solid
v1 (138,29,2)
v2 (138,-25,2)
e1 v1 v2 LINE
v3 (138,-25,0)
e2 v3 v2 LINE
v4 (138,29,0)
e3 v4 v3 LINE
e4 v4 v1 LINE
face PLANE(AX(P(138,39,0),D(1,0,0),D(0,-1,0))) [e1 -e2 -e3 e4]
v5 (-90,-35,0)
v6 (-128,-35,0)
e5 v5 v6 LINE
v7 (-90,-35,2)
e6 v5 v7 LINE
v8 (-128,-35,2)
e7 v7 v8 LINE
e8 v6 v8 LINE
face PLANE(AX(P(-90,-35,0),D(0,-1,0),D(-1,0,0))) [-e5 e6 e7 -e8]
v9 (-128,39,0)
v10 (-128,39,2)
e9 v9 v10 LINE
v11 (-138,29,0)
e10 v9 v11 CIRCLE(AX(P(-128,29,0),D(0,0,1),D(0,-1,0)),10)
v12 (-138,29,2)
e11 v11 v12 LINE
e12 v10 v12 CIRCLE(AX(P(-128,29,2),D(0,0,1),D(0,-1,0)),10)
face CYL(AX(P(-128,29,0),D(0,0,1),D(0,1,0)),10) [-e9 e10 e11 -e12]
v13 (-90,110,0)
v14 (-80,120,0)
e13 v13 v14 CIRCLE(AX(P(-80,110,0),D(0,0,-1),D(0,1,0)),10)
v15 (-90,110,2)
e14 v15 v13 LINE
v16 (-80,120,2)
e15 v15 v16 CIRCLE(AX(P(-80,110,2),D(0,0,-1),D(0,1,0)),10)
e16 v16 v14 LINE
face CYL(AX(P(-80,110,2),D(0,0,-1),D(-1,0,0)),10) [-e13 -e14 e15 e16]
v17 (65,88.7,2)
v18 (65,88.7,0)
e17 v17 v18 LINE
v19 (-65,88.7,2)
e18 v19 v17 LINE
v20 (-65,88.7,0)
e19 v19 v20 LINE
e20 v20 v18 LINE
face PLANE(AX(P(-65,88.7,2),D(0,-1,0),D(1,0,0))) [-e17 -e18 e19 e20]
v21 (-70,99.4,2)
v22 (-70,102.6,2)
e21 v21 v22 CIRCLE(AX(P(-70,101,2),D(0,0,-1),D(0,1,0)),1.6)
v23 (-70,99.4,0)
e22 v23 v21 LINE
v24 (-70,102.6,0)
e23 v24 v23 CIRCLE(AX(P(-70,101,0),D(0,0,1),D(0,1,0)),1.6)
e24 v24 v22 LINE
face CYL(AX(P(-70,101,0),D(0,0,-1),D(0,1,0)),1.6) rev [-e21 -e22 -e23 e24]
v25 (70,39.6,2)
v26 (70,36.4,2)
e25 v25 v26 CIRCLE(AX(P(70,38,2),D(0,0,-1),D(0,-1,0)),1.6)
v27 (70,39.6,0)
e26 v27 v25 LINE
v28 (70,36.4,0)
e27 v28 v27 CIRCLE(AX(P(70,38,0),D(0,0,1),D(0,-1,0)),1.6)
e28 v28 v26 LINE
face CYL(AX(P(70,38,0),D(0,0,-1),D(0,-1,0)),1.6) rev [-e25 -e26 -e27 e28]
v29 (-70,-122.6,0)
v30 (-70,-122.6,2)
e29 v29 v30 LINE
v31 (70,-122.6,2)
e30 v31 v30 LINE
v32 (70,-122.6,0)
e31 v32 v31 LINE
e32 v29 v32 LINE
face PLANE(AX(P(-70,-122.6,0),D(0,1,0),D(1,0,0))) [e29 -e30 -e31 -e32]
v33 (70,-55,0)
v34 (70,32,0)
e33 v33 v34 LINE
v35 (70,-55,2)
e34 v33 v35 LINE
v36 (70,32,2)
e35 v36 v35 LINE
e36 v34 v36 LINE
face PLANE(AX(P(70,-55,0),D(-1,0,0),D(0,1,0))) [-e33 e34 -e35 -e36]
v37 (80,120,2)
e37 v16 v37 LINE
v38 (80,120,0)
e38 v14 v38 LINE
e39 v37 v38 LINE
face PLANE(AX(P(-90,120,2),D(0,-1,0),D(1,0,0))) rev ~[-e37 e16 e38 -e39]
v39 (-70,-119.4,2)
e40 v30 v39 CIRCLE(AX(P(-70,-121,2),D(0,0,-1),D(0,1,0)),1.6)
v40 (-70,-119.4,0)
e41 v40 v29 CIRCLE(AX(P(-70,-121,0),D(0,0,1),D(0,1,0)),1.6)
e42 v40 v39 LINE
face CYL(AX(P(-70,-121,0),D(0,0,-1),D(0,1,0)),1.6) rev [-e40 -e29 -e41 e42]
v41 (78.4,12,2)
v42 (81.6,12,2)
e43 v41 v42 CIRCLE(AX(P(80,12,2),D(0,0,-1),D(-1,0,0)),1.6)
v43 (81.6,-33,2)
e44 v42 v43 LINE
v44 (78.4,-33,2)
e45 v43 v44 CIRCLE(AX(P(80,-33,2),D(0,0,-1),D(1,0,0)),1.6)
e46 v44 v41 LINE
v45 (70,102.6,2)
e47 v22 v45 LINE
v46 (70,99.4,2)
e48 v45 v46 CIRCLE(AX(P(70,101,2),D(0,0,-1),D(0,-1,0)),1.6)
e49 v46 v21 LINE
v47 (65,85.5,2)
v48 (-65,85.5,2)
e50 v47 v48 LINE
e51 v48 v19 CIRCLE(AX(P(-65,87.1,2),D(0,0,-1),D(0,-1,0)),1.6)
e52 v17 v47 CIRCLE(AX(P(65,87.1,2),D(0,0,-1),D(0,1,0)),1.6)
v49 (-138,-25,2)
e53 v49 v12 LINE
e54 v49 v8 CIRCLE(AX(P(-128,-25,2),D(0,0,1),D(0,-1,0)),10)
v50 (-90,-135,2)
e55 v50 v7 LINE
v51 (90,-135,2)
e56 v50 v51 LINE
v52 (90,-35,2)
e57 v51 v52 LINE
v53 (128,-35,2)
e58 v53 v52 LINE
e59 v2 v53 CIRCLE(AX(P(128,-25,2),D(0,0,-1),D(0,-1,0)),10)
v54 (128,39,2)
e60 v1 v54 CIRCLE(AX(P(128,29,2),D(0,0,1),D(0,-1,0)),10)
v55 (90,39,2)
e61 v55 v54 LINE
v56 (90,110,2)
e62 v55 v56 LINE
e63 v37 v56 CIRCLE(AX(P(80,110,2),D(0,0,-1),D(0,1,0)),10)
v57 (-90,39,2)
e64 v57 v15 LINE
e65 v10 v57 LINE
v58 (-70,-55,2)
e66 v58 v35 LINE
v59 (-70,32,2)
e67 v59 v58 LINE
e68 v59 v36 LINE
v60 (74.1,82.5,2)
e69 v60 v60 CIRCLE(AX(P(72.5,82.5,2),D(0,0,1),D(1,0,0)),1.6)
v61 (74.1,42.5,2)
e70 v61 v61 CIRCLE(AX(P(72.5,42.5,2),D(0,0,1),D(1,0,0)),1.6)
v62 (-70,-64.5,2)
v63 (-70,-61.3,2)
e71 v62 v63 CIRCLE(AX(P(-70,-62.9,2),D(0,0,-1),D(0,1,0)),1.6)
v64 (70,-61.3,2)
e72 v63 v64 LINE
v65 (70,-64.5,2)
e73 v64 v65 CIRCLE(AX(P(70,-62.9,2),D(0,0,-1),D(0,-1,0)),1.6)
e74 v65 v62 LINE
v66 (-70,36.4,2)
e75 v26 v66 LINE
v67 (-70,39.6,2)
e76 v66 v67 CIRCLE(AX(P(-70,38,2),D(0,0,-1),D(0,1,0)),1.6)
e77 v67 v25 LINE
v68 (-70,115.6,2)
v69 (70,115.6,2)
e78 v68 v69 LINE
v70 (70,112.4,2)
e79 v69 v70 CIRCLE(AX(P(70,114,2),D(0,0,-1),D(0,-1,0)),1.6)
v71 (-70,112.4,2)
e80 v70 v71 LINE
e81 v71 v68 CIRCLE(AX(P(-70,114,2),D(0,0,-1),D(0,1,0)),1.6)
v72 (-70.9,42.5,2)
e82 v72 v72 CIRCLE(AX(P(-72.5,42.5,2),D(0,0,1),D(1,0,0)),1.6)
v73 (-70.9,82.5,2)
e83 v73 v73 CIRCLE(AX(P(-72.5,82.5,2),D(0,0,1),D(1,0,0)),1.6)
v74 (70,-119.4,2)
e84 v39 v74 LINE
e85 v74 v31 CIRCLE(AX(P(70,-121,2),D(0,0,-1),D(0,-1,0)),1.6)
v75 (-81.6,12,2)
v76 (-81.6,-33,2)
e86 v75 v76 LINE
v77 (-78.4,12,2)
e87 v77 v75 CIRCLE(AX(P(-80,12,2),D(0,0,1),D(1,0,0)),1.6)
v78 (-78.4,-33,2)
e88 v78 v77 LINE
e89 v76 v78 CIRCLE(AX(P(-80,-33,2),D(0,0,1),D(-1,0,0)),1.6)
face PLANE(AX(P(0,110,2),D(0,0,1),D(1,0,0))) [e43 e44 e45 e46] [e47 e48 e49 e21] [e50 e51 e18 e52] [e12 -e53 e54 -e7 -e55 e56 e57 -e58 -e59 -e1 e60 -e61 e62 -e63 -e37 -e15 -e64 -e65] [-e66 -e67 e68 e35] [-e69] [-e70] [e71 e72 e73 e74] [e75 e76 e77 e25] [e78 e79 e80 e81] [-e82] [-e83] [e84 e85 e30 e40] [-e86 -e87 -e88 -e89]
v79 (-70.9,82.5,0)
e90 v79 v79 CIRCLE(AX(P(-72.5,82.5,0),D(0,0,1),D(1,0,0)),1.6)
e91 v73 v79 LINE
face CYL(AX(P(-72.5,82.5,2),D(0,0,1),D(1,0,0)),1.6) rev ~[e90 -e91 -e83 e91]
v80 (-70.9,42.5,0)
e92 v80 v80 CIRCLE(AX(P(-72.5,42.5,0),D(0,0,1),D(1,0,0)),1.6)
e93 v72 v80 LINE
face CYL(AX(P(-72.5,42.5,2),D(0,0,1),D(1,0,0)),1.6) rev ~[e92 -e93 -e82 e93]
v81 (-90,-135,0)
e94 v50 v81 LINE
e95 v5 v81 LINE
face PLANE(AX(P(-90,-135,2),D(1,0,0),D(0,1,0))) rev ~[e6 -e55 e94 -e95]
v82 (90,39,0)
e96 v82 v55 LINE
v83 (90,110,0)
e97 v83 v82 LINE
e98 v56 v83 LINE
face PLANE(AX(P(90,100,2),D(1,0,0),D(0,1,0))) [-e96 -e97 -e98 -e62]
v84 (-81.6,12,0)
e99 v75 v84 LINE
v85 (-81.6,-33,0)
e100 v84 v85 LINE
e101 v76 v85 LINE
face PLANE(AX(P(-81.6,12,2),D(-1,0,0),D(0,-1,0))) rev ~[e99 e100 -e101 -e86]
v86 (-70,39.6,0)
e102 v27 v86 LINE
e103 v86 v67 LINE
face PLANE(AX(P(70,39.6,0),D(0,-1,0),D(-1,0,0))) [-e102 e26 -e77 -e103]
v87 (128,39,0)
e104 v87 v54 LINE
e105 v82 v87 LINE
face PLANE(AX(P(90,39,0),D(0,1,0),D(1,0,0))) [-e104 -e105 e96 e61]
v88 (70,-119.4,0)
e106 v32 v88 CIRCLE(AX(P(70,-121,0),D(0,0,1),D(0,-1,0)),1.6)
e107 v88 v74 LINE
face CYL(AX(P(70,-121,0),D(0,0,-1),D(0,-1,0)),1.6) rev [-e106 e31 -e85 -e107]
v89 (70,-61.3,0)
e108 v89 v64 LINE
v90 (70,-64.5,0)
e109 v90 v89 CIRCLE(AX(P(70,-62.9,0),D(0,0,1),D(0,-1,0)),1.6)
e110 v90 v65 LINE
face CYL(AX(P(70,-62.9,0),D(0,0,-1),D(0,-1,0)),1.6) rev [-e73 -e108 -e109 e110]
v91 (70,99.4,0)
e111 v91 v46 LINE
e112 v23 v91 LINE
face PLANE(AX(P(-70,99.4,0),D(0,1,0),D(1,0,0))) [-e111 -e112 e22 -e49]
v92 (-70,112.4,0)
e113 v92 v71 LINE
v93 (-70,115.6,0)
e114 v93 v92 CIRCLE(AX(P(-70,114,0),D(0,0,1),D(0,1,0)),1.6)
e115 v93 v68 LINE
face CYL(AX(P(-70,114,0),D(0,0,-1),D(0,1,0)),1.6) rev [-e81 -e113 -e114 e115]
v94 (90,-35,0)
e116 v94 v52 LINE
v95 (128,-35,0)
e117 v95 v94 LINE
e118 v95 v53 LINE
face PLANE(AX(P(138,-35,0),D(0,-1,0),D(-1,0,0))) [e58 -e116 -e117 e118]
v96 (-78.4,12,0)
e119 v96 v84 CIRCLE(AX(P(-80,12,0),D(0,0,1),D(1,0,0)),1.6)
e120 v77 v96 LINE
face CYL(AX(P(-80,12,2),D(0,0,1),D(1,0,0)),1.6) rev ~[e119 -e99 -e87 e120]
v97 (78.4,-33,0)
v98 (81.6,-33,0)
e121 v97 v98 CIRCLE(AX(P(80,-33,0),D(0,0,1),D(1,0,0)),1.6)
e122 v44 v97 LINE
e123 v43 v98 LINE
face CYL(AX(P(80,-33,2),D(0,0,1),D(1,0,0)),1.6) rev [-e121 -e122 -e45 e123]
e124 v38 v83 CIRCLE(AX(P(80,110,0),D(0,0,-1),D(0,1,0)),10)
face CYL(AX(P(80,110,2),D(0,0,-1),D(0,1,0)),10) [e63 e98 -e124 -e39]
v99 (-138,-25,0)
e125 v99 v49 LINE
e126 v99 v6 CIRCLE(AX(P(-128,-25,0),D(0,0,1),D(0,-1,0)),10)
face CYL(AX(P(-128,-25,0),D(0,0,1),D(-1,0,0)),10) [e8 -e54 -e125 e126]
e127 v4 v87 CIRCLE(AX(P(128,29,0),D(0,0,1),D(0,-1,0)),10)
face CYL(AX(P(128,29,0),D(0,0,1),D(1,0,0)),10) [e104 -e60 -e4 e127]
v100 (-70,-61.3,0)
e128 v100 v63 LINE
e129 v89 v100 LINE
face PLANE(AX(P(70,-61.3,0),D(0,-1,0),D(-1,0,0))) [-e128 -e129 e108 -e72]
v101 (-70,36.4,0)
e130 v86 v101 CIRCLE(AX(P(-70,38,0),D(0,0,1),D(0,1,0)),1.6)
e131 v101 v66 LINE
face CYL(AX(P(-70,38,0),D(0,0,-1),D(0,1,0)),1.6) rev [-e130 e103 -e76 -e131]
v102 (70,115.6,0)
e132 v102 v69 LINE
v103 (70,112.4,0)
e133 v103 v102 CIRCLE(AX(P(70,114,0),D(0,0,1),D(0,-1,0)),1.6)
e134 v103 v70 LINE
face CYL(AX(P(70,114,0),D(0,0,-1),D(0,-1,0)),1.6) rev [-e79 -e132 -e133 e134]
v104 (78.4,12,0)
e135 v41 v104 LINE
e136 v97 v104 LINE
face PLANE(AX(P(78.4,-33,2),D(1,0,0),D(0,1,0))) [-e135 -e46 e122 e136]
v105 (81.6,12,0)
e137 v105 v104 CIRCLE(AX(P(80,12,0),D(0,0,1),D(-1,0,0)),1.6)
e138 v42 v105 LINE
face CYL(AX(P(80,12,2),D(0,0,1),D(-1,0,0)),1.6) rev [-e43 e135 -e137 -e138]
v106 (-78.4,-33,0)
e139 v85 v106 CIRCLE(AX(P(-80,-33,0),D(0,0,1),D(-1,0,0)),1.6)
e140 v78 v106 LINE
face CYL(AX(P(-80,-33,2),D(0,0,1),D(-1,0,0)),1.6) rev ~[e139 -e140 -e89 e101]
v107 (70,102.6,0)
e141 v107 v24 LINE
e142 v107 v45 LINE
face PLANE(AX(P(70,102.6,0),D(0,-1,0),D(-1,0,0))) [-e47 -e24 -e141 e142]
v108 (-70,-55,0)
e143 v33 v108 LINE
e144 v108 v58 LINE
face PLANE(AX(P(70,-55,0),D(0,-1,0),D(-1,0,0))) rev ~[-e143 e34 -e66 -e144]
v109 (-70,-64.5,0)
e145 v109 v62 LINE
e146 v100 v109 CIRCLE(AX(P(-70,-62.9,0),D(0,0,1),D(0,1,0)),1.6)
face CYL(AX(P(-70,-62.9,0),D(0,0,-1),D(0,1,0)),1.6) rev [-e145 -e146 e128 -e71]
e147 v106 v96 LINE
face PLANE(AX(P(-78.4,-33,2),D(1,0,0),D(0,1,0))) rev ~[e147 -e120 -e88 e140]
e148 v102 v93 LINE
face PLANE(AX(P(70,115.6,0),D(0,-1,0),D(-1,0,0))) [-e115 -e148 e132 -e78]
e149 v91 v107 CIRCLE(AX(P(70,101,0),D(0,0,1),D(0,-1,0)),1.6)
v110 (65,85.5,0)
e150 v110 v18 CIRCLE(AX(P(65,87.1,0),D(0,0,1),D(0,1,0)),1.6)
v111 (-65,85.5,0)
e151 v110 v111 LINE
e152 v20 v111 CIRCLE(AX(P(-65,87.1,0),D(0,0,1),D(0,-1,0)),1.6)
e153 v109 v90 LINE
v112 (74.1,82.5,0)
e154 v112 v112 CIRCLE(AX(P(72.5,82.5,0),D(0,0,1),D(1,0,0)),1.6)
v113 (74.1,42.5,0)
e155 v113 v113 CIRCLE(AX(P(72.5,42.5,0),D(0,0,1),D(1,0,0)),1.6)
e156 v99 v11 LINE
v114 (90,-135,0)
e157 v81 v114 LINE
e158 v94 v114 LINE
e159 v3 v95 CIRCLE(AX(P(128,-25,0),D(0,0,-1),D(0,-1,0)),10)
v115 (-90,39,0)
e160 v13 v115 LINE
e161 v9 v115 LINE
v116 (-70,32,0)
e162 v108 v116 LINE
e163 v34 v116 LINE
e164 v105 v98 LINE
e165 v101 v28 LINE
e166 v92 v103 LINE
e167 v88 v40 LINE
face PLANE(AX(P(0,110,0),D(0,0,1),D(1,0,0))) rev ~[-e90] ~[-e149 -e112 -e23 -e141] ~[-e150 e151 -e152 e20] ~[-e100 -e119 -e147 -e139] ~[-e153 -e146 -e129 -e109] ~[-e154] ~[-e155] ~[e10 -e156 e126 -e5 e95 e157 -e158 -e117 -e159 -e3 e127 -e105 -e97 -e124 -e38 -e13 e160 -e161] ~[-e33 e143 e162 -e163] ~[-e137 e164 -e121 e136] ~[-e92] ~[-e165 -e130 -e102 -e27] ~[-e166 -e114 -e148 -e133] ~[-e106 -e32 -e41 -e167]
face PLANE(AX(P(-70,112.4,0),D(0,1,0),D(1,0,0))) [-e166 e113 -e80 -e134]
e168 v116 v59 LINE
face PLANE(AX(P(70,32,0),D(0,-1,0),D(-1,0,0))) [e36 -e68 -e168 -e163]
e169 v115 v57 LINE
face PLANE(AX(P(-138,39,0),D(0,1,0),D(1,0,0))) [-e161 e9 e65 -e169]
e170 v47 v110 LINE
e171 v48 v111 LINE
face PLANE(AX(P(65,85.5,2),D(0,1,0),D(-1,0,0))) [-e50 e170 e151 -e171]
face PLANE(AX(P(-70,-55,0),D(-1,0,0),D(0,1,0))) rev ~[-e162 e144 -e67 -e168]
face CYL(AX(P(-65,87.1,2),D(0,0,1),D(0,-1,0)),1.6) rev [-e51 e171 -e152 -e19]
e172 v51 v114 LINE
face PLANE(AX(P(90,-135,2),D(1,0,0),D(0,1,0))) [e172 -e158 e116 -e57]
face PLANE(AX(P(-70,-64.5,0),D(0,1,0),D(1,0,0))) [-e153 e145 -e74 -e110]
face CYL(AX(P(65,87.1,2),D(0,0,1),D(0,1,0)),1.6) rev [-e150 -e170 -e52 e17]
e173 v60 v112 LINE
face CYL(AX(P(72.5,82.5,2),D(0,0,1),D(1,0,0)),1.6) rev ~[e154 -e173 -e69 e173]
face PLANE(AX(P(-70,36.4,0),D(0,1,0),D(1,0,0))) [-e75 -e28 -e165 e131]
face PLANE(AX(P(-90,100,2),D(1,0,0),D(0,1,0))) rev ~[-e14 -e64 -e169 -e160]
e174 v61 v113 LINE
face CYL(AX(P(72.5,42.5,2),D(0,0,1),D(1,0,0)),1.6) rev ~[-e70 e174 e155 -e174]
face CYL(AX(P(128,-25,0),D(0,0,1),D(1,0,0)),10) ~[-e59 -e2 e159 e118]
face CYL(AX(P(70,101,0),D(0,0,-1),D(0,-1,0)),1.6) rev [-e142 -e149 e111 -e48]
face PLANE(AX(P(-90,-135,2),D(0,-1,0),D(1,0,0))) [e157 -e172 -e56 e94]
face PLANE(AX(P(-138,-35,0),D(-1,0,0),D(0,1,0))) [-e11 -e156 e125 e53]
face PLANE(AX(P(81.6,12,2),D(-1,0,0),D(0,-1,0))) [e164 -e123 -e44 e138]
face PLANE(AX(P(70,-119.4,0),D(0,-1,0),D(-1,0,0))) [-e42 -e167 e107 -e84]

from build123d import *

# Parameters (mm, degrees)
EXTRUDE_1_DEPTH     = 2
SKETCH_3_W          = 180
SKETCH_3_H          = 35
EXTRUDE_2_DEPTH     = 2
SKETCH_4_W          = 180
SKETCH_4_H          = 20
EXTRUDE_3_DEPTH     = 2
SKETCH_5_W          = 140
SKETCH_5_H          = 87
CUT_EXTRUDE_1_DEPTH = 194.062166154
FILLET_1_R          = 10
FILLET_2_R          = 10
FILLET_3_R          = 10
FILLET_4_R          = 10
CUT_EXTRUDE_2_DEPTH = 10
FILLET_5_R          = 10
FILLET_6_R          = 10
CUT_EXTRUDE_5_DEPTH = 10
CUT_EXTRUDE_6_DEPTH = 194.062166154
CUT_EXTRUDE_7_DEPTH = 194.062166154
SKETCH_13_R         = 1.6
CUT_EXTRUDE_8_DEPTH = 10


with BuildPart() as part:
    # 草图2 → 凸台-拉伸1 (new body)
    with BuildSketch(Plane.XY):
        Polygon((90, 100), (90, 39), (138, 39), (138, -35), (90, -35), (90, -100), (-90, -100), (-90, -35), (-138, -35), (-138, 39), (-90, 39), (-90, 100), align=None)
    extrude(amount=EXTRUDE_1_DEPTH)

    # 草图3 → 凸台-拉伸2 (add)
    with BuildSketch(Plane.XY.offset(2)):
        with Locations((0, -117.5)):
            Rectangle(SKETCH_3_W, SKETCH_3_H)
    extrude(amount=-EXTRUDE_2_DEPTH)

    # 草图4 → 凸台-拉伸3 (add)
    with BuildSketch(Plane.XY.offset(2)):
        with Locations((0, 110)):
            Rectangle(SKETCH_4_W, SKETCH_4_H)
    extrude(amount=-EXTRUDE_3_DEPTH)

    # 草图5 → 切除-拉伸1 (cut, through all)
    with BuildSketch(Plane(origin=(0, 0, 0), x_dir=(-1, 0, 0), z_dir=(0, 0, -1))):
        with Locations((0, -11.5)):
            Rectangle(SKETCH_5_W, SKETCH_5_H)
    extrude(amount=-CUT_EXTRUDE_1_DEPTH, mode=Mode.SUBTRACT)

    # 圆角1
    fillet_1_edges = [part.edges().sort_by_distance(p)[0] for p in [
        (138, -35, 1),
    ]]
    fillet(fillet_1_edges, radius=FILLET_1_R)

    # 圆角2
    fillet_2_edges = [part.edges().sort_by_distance(p)[0] for p in [
        (138, 39, 1),
    ]]
    fillet(fillet_2_edges, radius=FILLET_2_R)

    # 圆角3
    fillet_3_edges = [part.edges().sort_by_distance(p)[0] for p in [
        (-138, 39, 1),
    ]]
    fillet(fillet_3_edges, radius=FILLET_3_R)

    # 圆角4
    fillet_4_edges = [part.edges().sort_by_distance(p)[0] for p in [
        (-138, -35, 1),
    ]]
    fillet(fillet_4_edges, radius=FILLET_4_R)

    # 草图7 → 切除-拉伸2 (cut)
    with BuildSketch(Plane(origin=(0, 0, 0), x_dir=(-1, 0, 0), z_dir=(0, 0, -1))):
        with BuildLine():
            Line((-70, 115.6), (70, 115.6))
            ThreePointArc((70, 115.6), (71.6, 114), (70, 112.4))
            Line((70, 112.4), (-70, 112.4))
            ThreePointArc((-70, 112.4), (-71.6, 114), (-70, 115.6))
        make_face()
        with BuildLine():
            Line((-70, 102.6), (70, 102.6))
            ThreePointArc((70, 102.6), (71.6, 101), (70, 99.4))
            Line((70, 99.4), (-70, 99.4))
            ThreePointArc((-70, 99.4), (-71.6, 101), (-70, 102.6))
        make_face()
        with BuildLine():
            Line((-70, 39.6), (70, 39.6))
            ThreePointArc((70, 39.6), (71.6, 38), (70, 36.4))
            Line((70, 36.4), (-70, 36.4))
            ThreePointArc((-70, 36.4), (-71.6, 38), (-70, 39.6))
        make_face()
    extrude(amount=-CUT_EXTRUDE_2_DEPTH, mode=Mode.SUBTRACT)

    # 圆角5
    fillet_5_edges = [part.edges().sort_by_distance(p)[0] for p in [
        (-90, 120, 1),
    ]]
    fillet(fillet_5_edges, radius=FILLET_5_R)

    # 圆角6
    fillet_6_edges = [part.edges().sort_by_distance(p)[0] for p in [
        (90, 120, 1),
    ]]
    fillet(fillet_6_edges, radius=FILLET_6_R)

    # 草图10 → 切除-拉伸5 (cut)
    with BuildSketch(Plane(origin=(0, 0, 0), x_dir=(-1, 0, 0), z_dir=(0, 0, -1))):
        with BuildLine():
            Line((-70, -61.3), (70, -61.3))
            ThreePointArc((70, -61.3), (71.6, -62.9), (70, -64.5))
            Line((70, -64.5), (-70, -64.5))
            ThreePointArc((-70, -64.5), (-71.6, -62.9), (-70, -61.3))
        make_face()
        with BuildLine():
            Line((-70, -119.4), (70, -119.4))
            ThreePointArc((70, -119.4), (71.6, -121), (70, -122.6))
            Line((70, -122.6), (-70, -122.6))
            ThreePointArc((-70, -122.6), (-71.6, -121), (-70, -119.4))
        make_face()
    extrude(amount=-CUT_EXTRUDE_5_DEPTH, mode=Mode.SUBTRACT)

    # 草图11 → 切除-拉伸6 (cut, through all)
    with BuildSketch(Plane.XY.offset(2)):
        with BuildLine():
            Line((-65, 88.7), (65, 88.7))
            ThreePointArc((65, 88.7), (66.6, 87.1), (65, 85.5))
            Line((65, 85.5), (-65, 85.5))
            ThreePointArc((-65, 85.5), (-66.6, 87.1), (-65, 88.7))
        make_face()
    extrude(amount=-CUT_EXTRUDE_6_DEPTH, mode=Mode.SUBTRACT)

    # 草图12 → 切除-拉伸7 (cut, through all)
    with BuildSketch(Plane.XY.offset(2)):
        with BuildLine():
            Line((81.6, 12), (81.6, -33))
            ThreePointArc((81.6, -33), (80, -34.6), (78.4, -33))
            Line((78.4, -33), (78.4, 12))
            ThreePointArc((78.4, 12), (80, 13.6), (81.6, 12))
        make_face()
        with BuildLine():
            Line((-81.6, 12), (-81.6, -33))
            ThreePointArc((-81.6, -33), (-80, -34.6), (-78.4, -33))
            Line((-78.4, -33), (-78.4, 12))
            ThreePointArc((-78.4, 12), (-80, 13.6), (-81.6, 12))
        make_face()
    extrude(amount=-CUT_EXTRUDE_7_DEPTH, mode=Mode.SUBTRACT)

    # 草图13 → 切除-拉伸8 (cut)
    with BuildSketch(Plane.XY.offset(2)):
        with Locations((-72.5, 82.5)):
            Circle(SKETCH_13_R)
        with Locations((-72.5, 42.5)):
            Circle(SKETCH_13_R)
        with Locations((72.5, 82.5)):
            Circle(SKETCH_13_R)
        with Locations((72.5, 42.5)):
            Circle(SKETCH_13_R)
    extrude(amount=-CUT_EXTRUDE_8_DEPTH, mode=Mode.SUBTRACT)


solid = part.part
